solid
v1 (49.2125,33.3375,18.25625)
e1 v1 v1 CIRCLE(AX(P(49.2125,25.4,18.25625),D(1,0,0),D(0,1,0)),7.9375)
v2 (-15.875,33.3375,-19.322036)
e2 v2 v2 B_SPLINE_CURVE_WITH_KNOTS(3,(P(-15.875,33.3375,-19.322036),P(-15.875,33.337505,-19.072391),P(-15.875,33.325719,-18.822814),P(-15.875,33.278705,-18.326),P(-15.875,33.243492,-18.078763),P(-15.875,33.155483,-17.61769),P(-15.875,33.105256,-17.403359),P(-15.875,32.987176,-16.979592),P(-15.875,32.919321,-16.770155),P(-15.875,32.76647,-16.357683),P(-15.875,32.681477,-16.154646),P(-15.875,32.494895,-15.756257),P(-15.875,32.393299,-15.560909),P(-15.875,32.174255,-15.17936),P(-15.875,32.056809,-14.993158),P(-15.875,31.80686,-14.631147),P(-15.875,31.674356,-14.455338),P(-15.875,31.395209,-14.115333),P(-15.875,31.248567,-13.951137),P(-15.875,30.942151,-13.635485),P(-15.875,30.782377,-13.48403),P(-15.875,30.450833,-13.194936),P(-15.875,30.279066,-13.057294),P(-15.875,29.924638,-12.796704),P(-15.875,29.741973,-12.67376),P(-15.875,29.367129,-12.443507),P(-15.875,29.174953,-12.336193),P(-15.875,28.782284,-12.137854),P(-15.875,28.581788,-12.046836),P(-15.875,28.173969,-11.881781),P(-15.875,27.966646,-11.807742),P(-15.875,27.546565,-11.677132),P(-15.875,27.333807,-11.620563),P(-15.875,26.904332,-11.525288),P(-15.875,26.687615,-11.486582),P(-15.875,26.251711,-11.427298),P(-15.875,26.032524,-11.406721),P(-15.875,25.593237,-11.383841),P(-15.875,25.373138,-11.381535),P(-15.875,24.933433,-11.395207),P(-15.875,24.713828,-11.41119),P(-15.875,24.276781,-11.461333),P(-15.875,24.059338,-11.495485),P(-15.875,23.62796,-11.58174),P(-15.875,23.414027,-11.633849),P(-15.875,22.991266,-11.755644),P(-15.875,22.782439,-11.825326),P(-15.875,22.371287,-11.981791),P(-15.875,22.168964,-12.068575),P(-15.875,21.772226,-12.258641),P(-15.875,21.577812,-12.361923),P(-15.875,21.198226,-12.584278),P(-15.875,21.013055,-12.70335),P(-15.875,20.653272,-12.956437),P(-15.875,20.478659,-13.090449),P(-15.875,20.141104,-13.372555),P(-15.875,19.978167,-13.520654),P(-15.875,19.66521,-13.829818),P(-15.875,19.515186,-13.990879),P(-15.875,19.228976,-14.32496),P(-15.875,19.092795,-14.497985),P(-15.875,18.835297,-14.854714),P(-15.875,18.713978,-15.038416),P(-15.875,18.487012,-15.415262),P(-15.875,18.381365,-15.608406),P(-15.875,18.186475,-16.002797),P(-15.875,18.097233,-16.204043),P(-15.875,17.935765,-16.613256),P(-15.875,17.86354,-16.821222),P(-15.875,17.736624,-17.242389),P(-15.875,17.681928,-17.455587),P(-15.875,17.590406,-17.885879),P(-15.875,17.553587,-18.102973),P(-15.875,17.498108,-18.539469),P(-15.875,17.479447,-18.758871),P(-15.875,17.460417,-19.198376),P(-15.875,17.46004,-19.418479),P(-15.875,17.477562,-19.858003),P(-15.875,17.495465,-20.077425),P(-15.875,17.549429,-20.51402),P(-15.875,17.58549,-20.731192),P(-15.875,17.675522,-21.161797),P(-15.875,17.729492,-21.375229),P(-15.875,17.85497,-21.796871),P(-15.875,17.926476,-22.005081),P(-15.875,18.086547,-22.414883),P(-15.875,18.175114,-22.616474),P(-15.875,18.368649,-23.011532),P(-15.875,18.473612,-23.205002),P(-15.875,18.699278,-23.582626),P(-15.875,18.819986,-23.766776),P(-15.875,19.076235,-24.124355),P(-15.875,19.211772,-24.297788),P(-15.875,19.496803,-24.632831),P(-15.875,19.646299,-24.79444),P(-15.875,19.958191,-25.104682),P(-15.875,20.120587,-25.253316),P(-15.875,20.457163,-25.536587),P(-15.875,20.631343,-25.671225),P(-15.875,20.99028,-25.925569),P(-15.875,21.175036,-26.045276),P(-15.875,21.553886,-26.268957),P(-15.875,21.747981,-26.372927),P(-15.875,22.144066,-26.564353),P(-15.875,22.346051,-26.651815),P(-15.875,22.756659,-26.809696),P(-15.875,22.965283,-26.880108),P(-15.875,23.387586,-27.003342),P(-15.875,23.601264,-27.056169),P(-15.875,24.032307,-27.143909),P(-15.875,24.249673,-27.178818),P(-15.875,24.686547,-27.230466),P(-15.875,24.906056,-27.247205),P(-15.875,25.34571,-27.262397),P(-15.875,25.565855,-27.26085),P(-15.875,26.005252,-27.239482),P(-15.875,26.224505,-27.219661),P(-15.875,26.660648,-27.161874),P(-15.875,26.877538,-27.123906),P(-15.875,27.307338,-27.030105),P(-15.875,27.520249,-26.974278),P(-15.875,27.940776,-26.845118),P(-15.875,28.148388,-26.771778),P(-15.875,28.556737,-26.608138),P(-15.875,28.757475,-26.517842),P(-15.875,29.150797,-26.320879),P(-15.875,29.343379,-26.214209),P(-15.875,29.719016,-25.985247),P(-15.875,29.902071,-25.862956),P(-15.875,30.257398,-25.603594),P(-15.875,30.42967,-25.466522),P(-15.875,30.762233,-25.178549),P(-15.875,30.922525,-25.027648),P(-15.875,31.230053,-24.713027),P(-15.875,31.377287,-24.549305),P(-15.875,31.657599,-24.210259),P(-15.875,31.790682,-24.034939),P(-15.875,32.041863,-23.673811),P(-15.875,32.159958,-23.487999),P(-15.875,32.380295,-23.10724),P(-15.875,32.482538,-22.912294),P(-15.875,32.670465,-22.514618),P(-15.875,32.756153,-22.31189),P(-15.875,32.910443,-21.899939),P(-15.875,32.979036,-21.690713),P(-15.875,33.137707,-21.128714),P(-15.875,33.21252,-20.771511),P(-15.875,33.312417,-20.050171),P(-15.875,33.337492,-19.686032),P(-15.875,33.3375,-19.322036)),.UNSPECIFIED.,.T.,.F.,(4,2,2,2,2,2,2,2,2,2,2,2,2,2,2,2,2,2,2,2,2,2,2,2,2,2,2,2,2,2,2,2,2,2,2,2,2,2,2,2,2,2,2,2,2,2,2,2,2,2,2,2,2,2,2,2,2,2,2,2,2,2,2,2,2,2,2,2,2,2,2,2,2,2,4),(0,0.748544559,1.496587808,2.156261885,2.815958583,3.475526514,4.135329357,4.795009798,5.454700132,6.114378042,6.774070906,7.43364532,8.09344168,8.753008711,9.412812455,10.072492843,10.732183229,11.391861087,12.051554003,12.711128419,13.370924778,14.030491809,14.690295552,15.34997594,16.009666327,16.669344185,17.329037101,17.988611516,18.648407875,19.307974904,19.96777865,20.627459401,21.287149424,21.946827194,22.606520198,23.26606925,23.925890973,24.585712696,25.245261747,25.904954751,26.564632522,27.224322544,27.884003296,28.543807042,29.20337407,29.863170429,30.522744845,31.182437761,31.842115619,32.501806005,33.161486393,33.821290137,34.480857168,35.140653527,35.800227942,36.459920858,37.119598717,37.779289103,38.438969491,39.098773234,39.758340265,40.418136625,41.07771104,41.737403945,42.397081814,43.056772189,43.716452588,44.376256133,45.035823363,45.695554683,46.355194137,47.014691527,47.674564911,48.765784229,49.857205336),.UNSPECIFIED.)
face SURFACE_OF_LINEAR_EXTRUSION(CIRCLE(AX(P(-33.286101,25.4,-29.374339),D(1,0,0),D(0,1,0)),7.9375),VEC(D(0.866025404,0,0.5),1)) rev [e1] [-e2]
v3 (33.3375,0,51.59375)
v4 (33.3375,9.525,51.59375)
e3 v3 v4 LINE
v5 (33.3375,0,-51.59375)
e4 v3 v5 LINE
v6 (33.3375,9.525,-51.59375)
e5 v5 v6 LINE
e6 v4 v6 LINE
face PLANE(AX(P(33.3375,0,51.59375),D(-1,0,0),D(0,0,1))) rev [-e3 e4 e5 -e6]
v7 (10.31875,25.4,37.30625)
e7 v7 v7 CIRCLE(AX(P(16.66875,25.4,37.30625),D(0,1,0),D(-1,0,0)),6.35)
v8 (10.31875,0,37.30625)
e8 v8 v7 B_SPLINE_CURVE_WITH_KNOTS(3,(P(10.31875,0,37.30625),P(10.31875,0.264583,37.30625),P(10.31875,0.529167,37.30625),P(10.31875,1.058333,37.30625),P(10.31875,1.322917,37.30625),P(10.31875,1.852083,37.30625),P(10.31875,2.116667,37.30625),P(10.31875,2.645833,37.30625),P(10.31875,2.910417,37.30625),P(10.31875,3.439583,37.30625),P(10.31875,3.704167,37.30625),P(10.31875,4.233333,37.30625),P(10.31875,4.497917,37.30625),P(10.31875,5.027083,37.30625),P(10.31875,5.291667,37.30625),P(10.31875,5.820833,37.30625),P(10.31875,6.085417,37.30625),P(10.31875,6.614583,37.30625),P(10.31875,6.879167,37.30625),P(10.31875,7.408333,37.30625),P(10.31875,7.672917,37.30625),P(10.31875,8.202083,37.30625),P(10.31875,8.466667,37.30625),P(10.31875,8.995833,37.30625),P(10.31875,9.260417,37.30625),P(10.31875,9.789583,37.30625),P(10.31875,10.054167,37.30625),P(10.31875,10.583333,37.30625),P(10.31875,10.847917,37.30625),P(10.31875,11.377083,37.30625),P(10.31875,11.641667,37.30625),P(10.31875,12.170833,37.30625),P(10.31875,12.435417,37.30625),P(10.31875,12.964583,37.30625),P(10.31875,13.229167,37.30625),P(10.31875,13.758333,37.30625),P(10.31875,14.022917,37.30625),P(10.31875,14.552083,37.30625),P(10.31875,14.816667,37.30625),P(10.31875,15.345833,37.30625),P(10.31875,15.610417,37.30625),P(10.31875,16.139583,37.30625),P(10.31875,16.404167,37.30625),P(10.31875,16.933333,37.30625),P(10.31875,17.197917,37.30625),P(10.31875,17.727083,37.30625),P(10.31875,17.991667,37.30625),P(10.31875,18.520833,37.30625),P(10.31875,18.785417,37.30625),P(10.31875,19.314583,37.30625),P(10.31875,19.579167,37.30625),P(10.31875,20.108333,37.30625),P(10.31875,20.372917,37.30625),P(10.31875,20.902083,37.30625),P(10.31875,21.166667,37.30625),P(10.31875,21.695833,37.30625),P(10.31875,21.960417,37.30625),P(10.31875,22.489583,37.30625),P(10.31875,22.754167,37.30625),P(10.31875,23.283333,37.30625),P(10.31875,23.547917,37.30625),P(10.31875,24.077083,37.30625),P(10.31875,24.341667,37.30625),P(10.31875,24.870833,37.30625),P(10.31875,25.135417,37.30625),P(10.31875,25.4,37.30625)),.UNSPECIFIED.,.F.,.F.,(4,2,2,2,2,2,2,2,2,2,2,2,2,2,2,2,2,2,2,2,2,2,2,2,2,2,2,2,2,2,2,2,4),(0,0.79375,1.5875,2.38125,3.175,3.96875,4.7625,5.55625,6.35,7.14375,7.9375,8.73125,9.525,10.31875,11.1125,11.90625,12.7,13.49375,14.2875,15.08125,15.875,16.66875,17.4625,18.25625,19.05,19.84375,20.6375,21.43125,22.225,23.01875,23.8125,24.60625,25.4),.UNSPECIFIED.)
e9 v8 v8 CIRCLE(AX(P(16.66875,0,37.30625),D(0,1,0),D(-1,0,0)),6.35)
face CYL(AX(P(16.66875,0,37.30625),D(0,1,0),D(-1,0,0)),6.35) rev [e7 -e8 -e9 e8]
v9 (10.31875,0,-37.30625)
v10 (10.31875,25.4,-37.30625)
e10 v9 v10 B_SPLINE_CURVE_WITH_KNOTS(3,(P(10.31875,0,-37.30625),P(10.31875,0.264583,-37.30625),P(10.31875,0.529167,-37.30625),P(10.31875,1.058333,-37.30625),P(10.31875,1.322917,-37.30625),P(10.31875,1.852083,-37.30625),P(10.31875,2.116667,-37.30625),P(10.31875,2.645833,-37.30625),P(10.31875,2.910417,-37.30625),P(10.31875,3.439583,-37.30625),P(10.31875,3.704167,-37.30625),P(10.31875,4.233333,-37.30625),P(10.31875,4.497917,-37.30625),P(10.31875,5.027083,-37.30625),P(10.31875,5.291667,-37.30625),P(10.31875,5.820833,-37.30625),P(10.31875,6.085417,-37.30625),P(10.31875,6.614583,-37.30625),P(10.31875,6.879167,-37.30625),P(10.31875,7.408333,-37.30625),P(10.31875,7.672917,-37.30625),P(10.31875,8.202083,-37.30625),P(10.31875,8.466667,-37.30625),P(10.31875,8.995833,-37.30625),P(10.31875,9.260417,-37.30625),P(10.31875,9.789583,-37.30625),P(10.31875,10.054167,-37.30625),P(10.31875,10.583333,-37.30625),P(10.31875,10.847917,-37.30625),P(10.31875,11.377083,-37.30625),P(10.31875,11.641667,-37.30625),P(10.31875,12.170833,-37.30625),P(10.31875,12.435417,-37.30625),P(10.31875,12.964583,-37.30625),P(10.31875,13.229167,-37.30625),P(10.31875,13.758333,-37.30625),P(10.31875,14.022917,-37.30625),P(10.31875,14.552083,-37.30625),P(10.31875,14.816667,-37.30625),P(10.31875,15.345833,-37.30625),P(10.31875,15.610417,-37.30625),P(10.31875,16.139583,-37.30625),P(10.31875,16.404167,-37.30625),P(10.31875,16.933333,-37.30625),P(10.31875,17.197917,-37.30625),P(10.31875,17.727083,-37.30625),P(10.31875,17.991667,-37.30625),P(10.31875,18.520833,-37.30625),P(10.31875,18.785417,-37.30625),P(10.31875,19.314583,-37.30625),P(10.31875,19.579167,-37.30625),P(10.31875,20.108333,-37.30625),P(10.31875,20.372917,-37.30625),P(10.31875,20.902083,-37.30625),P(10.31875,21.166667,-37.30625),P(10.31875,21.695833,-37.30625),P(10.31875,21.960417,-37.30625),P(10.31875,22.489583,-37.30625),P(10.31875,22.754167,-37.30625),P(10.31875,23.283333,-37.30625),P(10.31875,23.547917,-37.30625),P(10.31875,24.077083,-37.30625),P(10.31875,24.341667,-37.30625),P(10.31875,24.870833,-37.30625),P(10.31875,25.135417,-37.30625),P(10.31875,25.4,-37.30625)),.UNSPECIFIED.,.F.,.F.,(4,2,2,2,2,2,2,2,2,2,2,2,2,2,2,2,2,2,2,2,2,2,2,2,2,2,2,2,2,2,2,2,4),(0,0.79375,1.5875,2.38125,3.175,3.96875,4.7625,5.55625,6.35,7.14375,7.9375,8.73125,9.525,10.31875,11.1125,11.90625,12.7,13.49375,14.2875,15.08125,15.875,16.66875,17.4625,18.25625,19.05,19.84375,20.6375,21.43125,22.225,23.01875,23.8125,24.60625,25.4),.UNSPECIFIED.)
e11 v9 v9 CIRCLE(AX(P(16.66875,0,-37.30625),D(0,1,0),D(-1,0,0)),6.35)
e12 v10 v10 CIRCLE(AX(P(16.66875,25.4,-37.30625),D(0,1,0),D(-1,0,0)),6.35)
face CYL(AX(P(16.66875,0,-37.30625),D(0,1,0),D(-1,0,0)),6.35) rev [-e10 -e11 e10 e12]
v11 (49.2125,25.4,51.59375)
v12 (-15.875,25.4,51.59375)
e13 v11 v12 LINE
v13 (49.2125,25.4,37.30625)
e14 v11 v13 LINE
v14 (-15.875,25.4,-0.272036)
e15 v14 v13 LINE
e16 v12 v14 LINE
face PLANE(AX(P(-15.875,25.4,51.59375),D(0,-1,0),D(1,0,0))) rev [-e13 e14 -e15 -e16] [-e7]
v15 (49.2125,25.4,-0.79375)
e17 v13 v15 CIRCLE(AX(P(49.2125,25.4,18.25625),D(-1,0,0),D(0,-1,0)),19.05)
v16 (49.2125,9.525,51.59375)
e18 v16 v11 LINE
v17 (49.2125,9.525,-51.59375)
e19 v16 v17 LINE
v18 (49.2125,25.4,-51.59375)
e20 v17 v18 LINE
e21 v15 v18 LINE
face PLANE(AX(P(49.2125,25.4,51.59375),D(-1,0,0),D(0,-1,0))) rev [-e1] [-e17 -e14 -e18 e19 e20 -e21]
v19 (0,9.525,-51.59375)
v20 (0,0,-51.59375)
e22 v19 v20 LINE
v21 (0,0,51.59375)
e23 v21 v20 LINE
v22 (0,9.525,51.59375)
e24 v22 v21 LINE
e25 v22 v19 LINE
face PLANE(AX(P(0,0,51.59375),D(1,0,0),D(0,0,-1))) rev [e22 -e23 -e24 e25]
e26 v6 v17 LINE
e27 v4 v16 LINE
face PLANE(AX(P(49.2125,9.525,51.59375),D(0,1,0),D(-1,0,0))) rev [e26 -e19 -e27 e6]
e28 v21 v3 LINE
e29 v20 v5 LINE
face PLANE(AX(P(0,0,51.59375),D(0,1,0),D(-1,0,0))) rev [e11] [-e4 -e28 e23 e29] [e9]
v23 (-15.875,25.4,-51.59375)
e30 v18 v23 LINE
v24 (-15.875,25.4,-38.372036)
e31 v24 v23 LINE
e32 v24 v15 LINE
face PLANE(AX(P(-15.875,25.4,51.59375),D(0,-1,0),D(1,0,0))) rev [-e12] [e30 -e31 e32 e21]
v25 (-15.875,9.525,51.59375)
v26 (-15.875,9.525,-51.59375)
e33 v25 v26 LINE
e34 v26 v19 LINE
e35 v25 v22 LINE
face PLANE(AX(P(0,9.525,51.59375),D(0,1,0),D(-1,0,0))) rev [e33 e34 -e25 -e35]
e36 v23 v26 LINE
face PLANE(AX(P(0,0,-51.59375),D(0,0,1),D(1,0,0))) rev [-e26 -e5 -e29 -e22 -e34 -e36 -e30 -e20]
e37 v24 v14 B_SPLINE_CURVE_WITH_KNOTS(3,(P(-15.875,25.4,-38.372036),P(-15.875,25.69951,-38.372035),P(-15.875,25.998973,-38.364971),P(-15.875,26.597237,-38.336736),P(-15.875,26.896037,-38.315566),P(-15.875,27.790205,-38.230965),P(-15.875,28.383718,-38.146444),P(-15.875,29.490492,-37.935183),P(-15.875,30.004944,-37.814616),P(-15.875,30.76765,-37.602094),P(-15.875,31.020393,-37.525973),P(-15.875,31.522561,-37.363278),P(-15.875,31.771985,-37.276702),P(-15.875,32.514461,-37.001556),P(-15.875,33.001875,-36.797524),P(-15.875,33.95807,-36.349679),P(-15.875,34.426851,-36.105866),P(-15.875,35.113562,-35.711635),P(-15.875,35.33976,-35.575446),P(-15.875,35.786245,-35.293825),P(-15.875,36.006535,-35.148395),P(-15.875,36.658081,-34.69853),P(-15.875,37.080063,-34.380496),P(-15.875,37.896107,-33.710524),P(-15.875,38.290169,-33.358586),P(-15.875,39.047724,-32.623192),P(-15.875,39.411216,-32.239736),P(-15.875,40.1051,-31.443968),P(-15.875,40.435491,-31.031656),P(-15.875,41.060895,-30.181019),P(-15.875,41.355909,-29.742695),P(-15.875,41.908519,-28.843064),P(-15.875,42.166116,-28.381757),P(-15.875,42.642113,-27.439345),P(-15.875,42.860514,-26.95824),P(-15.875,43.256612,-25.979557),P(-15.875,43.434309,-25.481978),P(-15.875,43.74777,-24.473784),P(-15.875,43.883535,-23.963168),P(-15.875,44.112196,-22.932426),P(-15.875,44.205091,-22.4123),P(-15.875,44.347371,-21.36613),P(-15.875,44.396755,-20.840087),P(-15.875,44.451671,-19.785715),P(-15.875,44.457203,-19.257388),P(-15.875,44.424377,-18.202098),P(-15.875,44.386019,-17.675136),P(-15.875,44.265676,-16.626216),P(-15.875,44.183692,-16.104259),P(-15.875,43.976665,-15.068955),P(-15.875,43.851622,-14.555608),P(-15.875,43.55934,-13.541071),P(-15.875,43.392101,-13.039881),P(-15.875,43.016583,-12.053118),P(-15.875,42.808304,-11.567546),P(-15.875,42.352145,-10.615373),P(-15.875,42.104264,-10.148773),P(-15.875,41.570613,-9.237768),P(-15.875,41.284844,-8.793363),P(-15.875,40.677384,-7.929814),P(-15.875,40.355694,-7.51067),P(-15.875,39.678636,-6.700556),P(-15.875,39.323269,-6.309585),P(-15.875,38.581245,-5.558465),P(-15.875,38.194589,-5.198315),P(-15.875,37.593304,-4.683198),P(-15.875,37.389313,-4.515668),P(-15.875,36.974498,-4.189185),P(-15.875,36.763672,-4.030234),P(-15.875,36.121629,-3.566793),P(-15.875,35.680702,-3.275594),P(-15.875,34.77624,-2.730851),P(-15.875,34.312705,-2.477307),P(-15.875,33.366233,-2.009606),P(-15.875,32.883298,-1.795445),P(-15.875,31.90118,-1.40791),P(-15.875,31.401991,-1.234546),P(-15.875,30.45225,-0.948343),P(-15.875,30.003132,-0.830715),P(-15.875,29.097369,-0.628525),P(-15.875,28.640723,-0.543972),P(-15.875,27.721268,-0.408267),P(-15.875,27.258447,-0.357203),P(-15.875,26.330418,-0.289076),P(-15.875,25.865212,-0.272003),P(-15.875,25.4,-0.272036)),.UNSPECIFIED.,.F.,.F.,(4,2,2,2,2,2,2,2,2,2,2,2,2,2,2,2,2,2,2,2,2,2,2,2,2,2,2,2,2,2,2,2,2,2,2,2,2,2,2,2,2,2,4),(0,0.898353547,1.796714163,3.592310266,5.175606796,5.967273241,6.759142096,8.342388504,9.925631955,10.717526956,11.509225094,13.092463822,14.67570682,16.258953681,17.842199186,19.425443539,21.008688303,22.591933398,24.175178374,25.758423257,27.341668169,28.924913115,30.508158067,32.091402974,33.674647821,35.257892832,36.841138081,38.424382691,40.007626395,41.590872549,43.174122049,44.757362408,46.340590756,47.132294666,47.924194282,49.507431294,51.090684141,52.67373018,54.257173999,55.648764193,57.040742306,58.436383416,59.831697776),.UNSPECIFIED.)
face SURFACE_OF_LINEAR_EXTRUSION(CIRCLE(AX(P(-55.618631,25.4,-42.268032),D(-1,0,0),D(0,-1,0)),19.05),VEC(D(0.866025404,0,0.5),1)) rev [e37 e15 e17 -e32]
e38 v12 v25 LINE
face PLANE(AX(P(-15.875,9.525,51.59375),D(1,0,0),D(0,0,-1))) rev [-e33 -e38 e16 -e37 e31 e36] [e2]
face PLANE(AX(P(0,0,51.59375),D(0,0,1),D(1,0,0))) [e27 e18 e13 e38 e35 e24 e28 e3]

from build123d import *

# Parameters (mm, degrees)
BOSS_EXTRUDE1_DEPTH = 51.59375
BOSS_EXTRUDE2_DEPTH = 75.156571292
SKETCH5_R           = 7.9375
CUT_EXTRUDE1_DEPTH  = 109.930311747
SKETCH6_R           = 6.35
CUT_EXTRUDE2_DEPTH  = 76.68979598


with BuildPart() as part:
    # Sketch2 → Boss-Extrude1 (new, symmetric)
    with BuildSketch(Plane.XY):
        Polygon((0, 9.525), (-15.875, 9.525), (-15.875, 25.4), (49.2125, 25.4), (49.2125, 9.525), (33.3375, 9.525), (33.3375, 0), (0, 0), align=None)
    extrude(amount=BOSS_EXTRUDE1_DEPTH, both=True)

    # Sketch3 → Boss-Extrude2 (add, along a direction that is not the sketch's normal)
    with BuildSketch(Plane(origin=(49.2125, 0, 0), x_dir=(0, 0, -1), z_dir=(1, 0, 0))):
        with BuildLine():
            Line((0.79375, 25.4), (-37.30625, 25.4))
            ThreePointArc((-37.30625, 25.4), (-18.25625, 44.45), (0.79375, 25.4))
        make_face()
    extrude(amount=-BOSS_EXTRUDE2_DEPTH, dir=(0.86602540378444, 0, 0.49999999999999767))

    # Sketch5 → Cut-Extrude1 (cut, through all, along a direction that is not the sketch's normal)
    with BuildSketch(Plane(origin=(49.2125, 0, 0), x_dir=(0, 0, -1), z_dir=(1, 0, 0))):
        with Locations((-18.25625, 25.4)):
            Circle(SKETCH5_R)
    extrude(amount=-CUT_EXTRUDE1_DEPTH, dir=(0.86602540378444, 0, 0.49999999999999767), mode=Mode.SUBTRACT)

    # Sketch6 → Cut-Extrude2 (cut, through all)
    with BuildSketch(Plane(origin=(0, 25.4, 0), x_dir=(1, 0, 0), z_dir=(0, 1, 0))):
        with Locations(Location((16.66875, -37.30625, 0), (0, 0, 180))):
            Circle(SKETCH6_R)
        with Locations(Location((16.66875, 37.30625, 0), (0, 0, 180))):
            Circle(SKETCH6_R)
    extrude(amount=-CUT_EXTRUDE2_DEPTH, mode=Mode.SUBTRACT)


solid = part.part
